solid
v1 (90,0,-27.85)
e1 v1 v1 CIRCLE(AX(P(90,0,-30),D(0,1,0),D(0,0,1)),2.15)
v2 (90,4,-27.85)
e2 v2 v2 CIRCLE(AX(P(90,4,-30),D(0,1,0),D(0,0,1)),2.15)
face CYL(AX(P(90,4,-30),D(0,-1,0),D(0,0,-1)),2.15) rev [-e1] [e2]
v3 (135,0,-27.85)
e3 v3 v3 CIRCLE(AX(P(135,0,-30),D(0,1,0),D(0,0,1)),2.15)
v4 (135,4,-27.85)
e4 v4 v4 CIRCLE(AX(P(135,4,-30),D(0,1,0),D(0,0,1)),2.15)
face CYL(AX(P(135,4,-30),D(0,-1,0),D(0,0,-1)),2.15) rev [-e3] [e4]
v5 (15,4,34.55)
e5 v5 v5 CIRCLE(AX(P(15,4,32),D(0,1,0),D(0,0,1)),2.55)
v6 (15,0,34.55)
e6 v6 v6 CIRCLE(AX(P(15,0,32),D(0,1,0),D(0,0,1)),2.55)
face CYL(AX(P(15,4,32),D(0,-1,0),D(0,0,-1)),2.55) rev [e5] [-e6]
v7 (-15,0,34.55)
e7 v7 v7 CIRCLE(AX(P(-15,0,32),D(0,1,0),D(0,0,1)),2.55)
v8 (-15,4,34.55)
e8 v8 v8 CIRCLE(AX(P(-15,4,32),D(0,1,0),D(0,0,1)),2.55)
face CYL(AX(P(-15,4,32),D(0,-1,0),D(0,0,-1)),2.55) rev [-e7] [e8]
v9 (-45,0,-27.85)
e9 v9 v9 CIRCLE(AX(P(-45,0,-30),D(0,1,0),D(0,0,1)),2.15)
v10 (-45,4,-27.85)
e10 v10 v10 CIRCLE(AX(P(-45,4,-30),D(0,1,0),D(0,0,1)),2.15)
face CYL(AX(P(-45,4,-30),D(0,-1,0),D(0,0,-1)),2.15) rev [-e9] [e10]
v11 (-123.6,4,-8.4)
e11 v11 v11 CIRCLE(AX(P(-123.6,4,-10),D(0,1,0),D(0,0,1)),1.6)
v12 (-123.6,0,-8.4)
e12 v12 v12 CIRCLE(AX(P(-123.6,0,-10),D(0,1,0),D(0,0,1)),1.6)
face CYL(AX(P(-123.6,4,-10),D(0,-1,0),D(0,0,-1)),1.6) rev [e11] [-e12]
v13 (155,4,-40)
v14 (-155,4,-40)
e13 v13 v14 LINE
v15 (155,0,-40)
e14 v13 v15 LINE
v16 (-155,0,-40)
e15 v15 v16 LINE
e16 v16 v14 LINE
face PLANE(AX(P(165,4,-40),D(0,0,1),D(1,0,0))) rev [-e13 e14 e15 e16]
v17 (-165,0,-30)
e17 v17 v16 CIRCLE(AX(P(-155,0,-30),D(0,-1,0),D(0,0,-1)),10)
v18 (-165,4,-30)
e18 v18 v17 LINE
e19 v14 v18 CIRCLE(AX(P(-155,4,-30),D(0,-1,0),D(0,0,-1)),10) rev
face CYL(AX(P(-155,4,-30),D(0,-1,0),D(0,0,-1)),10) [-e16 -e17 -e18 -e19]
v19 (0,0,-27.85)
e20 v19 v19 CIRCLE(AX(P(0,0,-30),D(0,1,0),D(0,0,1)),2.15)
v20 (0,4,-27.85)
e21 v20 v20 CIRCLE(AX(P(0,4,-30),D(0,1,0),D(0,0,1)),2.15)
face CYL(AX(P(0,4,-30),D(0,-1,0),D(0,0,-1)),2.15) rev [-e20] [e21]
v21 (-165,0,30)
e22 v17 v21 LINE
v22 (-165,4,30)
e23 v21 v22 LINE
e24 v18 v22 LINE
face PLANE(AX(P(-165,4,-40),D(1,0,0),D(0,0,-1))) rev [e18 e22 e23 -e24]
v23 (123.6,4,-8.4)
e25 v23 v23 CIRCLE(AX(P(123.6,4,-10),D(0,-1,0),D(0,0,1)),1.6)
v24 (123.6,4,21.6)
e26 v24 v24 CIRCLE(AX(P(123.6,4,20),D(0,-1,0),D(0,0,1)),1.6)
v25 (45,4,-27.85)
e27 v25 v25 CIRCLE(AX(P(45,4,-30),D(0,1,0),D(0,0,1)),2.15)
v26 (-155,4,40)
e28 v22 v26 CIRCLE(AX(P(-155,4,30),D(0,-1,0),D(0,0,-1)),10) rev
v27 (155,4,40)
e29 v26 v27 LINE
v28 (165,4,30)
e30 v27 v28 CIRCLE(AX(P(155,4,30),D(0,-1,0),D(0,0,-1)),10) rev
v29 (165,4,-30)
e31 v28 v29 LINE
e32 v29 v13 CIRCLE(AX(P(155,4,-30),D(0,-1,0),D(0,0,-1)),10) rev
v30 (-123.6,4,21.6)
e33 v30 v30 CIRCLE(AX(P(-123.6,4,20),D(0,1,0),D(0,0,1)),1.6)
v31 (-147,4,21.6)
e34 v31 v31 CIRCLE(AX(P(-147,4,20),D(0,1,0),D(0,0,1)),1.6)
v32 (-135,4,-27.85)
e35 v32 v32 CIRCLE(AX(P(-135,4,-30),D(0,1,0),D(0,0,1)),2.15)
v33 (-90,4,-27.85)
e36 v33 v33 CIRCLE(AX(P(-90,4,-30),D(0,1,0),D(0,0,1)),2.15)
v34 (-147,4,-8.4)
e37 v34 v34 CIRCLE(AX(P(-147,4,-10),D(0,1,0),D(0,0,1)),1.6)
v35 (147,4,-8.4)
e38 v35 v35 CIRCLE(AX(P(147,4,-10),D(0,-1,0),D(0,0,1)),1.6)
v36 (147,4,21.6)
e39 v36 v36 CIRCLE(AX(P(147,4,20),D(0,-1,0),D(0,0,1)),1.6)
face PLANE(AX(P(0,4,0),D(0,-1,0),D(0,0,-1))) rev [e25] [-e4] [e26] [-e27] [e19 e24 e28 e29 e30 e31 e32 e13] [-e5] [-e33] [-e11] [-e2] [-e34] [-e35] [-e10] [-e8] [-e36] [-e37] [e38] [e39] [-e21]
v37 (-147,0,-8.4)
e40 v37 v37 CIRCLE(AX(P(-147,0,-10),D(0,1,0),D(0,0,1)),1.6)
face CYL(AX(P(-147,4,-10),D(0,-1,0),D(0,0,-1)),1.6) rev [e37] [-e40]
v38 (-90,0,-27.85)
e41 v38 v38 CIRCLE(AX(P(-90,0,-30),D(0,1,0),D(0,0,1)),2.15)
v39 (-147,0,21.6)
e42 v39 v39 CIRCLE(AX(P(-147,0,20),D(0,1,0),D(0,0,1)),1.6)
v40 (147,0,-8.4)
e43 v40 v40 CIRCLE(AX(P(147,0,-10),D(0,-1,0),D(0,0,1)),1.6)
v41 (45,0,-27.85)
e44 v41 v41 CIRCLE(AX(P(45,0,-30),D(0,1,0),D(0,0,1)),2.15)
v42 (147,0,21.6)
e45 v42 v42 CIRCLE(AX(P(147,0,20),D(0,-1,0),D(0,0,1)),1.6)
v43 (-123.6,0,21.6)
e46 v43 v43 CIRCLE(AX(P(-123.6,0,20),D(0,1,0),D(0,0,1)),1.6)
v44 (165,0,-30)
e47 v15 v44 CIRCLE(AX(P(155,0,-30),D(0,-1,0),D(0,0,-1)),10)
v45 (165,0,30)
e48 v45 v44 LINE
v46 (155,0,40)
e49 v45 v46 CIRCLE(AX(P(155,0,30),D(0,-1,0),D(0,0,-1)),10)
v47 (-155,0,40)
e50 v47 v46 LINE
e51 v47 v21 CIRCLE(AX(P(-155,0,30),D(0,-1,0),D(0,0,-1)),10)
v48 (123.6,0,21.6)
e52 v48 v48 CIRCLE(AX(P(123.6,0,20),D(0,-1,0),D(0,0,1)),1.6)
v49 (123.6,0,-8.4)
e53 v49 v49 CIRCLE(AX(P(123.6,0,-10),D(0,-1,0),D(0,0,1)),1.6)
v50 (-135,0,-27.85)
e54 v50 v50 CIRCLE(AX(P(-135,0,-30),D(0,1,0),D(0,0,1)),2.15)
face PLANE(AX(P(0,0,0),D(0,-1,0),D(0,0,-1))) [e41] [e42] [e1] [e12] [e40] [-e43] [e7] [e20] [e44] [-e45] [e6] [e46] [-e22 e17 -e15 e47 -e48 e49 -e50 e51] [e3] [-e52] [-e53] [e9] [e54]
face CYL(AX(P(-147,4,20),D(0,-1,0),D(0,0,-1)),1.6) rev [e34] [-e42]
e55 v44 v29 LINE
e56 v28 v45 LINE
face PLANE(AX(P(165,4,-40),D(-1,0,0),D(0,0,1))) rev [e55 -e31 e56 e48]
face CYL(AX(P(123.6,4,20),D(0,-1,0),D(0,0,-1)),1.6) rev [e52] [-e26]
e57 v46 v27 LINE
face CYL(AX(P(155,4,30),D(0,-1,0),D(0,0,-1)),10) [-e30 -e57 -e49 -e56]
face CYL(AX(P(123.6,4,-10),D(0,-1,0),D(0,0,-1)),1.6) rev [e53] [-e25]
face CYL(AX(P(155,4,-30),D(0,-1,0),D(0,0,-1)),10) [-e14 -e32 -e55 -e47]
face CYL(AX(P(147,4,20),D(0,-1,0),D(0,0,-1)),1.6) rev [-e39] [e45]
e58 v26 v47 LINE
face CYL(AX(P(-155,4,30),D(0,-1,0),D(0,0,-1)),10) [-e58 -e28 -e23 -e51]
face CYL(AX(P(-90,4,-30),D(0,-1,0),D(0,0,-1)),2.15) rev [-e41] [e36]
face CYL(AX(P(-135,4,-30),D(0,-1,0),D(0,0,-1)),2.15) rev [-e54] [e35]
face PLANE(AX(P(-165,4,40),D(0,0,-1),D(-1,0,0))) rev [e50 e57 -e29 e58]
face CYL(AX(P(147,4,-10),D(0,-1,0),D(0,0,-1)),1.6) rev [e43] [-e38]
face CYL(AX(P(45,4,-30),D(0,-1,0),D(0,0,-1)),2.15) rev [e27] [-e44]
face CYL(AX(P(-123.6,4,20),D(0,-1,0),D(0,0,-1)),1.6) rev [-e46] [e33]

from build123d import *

# Parameters (mm, degrees)
SKETCH_2_W                 = 330
SKETCH_2_H                 = 80
SKETCH_2_R                 = 2.55
EXTRUDE_1_DEPTH            = 4
SKETCH_3_R                 = 1.6
CUT_EXTRUDE_1_DEPTH        = 170.826381932
SKETCH_4_R                 = 2.15
CUT_EXTRUDE_2_DEPTH        = 170.826381932
PATTERN_LINEAR_1_COUNT     = 4
PATTERN_LINEAR_1_PITCH     = 45
PATTERN_LINEAR_1_COL_COUNT = 4
PATTERN_LINEAR_1_COL_PITCH = 45
FILLET_1_R                 = 10


with BuildPart() as part:
    # 草图2 → 凸台-拉伸1 (new body)
    with BuildSketch(Plane(origin=(0, 0, 0), x_dir=(1, 0, 0), z_dir=(0, 1, 0))):
        Rectangle(SKETCH_2_W, SKETCH_2_H)
        with Locations(Location((-15, -32, 0), (0, 0, 270))):
            Circle(SKETCH_2_R, mode=Mode.SUBTRACT)
        with Locations(Location((15, -32, 0), (0, 0, 270))):
            Circle(SKETCH_2_R, mode=Mode.SUBTRACT)
    extrude(amount=EXTRUDE_1_DEPTH)

    # 草图3 → 切除-拉伸1 (cut, through all)
    with BuildSketch(Plane(origin=(0, 0, 0), x_dir=(1, 0, 0), z_dir=(0, 1, 0))):
        with Locations(Location((-147, 10, 0), (0, 0, 270))):
            Circle(SKETCH_3_R)
        with Locations(Location((-147, -20, 0), (0, 0, 270))):
            Circle(SKETCH_3_R)
        with Locations(Location((-123.6, -20, 0), (0, 0, 270))):
            Circle(SKETCH_3_R)
        with Locations(Location((-123.6, 10, 0), (0, 0, 270))):
            Circle(SKETCH_3_R)
    cut_extrude_1 = extrude(amount=CUT_EXTRUDE_1_DEPTH, mode=Mode.SUBTRACT)

    # 镜向1: 切除-拉伸1 across plane
    add(cut_extrude_1.mirror(Plane(origin=(0, 0, 0), x_dir=(0, 0, 1), z_dir=(1, 0, 0))), mode=Mode.SUBTRACT)

    # 草图4 → 切除-拉伸2 (cut, through all)
    with BuildSketch(Plane(origin=(0, 0, 0), x_dir=(1, 0, 0), z_dir=(0, 1, 0))):
        with Locations(Location((0, 30, 0), (0, 0, 270))):
            Circle(SKETCH_4_R)
    cut_extrude_2 = extrude(amount=CUT_EXTRUDE_2_DEPTH, mode=Mode.SUBTRACT)

    # 阵列(线性)1: 切除-拉伸2 ×4
    with Locations(*[(i * PATTERN_LINEAR_1_PITCH, 0, 0) for i in range(1, PATTERN_LINEAR_1_COUNT)]):
        add(cut_extrude_2, mode=Mode.SUBTRACT)

    # 阵列(线性)1 col: 切除-拉伸2 ×4
    with Locations(*[(-i * PATTERN_LINEAR_1_COL_PITCH, 0, 0) for i in range(1, PATTERN_LINEAR_1_COL_COUNT)]):
        add(cut_extrude_2, mode=Mode.SUBTRACT)

    # 圆角1
    fillet_1_edges = [part.edges().sort_by_distance(p)[0] for p in [
        (-165, 2, 40),
        (-165, 2, -40),
        (165, 2, -40),
        (165, 2, 40),
    ]]
    fillet(fillet_1_edges, radius=FILLET_1_R)


solid = part.part
